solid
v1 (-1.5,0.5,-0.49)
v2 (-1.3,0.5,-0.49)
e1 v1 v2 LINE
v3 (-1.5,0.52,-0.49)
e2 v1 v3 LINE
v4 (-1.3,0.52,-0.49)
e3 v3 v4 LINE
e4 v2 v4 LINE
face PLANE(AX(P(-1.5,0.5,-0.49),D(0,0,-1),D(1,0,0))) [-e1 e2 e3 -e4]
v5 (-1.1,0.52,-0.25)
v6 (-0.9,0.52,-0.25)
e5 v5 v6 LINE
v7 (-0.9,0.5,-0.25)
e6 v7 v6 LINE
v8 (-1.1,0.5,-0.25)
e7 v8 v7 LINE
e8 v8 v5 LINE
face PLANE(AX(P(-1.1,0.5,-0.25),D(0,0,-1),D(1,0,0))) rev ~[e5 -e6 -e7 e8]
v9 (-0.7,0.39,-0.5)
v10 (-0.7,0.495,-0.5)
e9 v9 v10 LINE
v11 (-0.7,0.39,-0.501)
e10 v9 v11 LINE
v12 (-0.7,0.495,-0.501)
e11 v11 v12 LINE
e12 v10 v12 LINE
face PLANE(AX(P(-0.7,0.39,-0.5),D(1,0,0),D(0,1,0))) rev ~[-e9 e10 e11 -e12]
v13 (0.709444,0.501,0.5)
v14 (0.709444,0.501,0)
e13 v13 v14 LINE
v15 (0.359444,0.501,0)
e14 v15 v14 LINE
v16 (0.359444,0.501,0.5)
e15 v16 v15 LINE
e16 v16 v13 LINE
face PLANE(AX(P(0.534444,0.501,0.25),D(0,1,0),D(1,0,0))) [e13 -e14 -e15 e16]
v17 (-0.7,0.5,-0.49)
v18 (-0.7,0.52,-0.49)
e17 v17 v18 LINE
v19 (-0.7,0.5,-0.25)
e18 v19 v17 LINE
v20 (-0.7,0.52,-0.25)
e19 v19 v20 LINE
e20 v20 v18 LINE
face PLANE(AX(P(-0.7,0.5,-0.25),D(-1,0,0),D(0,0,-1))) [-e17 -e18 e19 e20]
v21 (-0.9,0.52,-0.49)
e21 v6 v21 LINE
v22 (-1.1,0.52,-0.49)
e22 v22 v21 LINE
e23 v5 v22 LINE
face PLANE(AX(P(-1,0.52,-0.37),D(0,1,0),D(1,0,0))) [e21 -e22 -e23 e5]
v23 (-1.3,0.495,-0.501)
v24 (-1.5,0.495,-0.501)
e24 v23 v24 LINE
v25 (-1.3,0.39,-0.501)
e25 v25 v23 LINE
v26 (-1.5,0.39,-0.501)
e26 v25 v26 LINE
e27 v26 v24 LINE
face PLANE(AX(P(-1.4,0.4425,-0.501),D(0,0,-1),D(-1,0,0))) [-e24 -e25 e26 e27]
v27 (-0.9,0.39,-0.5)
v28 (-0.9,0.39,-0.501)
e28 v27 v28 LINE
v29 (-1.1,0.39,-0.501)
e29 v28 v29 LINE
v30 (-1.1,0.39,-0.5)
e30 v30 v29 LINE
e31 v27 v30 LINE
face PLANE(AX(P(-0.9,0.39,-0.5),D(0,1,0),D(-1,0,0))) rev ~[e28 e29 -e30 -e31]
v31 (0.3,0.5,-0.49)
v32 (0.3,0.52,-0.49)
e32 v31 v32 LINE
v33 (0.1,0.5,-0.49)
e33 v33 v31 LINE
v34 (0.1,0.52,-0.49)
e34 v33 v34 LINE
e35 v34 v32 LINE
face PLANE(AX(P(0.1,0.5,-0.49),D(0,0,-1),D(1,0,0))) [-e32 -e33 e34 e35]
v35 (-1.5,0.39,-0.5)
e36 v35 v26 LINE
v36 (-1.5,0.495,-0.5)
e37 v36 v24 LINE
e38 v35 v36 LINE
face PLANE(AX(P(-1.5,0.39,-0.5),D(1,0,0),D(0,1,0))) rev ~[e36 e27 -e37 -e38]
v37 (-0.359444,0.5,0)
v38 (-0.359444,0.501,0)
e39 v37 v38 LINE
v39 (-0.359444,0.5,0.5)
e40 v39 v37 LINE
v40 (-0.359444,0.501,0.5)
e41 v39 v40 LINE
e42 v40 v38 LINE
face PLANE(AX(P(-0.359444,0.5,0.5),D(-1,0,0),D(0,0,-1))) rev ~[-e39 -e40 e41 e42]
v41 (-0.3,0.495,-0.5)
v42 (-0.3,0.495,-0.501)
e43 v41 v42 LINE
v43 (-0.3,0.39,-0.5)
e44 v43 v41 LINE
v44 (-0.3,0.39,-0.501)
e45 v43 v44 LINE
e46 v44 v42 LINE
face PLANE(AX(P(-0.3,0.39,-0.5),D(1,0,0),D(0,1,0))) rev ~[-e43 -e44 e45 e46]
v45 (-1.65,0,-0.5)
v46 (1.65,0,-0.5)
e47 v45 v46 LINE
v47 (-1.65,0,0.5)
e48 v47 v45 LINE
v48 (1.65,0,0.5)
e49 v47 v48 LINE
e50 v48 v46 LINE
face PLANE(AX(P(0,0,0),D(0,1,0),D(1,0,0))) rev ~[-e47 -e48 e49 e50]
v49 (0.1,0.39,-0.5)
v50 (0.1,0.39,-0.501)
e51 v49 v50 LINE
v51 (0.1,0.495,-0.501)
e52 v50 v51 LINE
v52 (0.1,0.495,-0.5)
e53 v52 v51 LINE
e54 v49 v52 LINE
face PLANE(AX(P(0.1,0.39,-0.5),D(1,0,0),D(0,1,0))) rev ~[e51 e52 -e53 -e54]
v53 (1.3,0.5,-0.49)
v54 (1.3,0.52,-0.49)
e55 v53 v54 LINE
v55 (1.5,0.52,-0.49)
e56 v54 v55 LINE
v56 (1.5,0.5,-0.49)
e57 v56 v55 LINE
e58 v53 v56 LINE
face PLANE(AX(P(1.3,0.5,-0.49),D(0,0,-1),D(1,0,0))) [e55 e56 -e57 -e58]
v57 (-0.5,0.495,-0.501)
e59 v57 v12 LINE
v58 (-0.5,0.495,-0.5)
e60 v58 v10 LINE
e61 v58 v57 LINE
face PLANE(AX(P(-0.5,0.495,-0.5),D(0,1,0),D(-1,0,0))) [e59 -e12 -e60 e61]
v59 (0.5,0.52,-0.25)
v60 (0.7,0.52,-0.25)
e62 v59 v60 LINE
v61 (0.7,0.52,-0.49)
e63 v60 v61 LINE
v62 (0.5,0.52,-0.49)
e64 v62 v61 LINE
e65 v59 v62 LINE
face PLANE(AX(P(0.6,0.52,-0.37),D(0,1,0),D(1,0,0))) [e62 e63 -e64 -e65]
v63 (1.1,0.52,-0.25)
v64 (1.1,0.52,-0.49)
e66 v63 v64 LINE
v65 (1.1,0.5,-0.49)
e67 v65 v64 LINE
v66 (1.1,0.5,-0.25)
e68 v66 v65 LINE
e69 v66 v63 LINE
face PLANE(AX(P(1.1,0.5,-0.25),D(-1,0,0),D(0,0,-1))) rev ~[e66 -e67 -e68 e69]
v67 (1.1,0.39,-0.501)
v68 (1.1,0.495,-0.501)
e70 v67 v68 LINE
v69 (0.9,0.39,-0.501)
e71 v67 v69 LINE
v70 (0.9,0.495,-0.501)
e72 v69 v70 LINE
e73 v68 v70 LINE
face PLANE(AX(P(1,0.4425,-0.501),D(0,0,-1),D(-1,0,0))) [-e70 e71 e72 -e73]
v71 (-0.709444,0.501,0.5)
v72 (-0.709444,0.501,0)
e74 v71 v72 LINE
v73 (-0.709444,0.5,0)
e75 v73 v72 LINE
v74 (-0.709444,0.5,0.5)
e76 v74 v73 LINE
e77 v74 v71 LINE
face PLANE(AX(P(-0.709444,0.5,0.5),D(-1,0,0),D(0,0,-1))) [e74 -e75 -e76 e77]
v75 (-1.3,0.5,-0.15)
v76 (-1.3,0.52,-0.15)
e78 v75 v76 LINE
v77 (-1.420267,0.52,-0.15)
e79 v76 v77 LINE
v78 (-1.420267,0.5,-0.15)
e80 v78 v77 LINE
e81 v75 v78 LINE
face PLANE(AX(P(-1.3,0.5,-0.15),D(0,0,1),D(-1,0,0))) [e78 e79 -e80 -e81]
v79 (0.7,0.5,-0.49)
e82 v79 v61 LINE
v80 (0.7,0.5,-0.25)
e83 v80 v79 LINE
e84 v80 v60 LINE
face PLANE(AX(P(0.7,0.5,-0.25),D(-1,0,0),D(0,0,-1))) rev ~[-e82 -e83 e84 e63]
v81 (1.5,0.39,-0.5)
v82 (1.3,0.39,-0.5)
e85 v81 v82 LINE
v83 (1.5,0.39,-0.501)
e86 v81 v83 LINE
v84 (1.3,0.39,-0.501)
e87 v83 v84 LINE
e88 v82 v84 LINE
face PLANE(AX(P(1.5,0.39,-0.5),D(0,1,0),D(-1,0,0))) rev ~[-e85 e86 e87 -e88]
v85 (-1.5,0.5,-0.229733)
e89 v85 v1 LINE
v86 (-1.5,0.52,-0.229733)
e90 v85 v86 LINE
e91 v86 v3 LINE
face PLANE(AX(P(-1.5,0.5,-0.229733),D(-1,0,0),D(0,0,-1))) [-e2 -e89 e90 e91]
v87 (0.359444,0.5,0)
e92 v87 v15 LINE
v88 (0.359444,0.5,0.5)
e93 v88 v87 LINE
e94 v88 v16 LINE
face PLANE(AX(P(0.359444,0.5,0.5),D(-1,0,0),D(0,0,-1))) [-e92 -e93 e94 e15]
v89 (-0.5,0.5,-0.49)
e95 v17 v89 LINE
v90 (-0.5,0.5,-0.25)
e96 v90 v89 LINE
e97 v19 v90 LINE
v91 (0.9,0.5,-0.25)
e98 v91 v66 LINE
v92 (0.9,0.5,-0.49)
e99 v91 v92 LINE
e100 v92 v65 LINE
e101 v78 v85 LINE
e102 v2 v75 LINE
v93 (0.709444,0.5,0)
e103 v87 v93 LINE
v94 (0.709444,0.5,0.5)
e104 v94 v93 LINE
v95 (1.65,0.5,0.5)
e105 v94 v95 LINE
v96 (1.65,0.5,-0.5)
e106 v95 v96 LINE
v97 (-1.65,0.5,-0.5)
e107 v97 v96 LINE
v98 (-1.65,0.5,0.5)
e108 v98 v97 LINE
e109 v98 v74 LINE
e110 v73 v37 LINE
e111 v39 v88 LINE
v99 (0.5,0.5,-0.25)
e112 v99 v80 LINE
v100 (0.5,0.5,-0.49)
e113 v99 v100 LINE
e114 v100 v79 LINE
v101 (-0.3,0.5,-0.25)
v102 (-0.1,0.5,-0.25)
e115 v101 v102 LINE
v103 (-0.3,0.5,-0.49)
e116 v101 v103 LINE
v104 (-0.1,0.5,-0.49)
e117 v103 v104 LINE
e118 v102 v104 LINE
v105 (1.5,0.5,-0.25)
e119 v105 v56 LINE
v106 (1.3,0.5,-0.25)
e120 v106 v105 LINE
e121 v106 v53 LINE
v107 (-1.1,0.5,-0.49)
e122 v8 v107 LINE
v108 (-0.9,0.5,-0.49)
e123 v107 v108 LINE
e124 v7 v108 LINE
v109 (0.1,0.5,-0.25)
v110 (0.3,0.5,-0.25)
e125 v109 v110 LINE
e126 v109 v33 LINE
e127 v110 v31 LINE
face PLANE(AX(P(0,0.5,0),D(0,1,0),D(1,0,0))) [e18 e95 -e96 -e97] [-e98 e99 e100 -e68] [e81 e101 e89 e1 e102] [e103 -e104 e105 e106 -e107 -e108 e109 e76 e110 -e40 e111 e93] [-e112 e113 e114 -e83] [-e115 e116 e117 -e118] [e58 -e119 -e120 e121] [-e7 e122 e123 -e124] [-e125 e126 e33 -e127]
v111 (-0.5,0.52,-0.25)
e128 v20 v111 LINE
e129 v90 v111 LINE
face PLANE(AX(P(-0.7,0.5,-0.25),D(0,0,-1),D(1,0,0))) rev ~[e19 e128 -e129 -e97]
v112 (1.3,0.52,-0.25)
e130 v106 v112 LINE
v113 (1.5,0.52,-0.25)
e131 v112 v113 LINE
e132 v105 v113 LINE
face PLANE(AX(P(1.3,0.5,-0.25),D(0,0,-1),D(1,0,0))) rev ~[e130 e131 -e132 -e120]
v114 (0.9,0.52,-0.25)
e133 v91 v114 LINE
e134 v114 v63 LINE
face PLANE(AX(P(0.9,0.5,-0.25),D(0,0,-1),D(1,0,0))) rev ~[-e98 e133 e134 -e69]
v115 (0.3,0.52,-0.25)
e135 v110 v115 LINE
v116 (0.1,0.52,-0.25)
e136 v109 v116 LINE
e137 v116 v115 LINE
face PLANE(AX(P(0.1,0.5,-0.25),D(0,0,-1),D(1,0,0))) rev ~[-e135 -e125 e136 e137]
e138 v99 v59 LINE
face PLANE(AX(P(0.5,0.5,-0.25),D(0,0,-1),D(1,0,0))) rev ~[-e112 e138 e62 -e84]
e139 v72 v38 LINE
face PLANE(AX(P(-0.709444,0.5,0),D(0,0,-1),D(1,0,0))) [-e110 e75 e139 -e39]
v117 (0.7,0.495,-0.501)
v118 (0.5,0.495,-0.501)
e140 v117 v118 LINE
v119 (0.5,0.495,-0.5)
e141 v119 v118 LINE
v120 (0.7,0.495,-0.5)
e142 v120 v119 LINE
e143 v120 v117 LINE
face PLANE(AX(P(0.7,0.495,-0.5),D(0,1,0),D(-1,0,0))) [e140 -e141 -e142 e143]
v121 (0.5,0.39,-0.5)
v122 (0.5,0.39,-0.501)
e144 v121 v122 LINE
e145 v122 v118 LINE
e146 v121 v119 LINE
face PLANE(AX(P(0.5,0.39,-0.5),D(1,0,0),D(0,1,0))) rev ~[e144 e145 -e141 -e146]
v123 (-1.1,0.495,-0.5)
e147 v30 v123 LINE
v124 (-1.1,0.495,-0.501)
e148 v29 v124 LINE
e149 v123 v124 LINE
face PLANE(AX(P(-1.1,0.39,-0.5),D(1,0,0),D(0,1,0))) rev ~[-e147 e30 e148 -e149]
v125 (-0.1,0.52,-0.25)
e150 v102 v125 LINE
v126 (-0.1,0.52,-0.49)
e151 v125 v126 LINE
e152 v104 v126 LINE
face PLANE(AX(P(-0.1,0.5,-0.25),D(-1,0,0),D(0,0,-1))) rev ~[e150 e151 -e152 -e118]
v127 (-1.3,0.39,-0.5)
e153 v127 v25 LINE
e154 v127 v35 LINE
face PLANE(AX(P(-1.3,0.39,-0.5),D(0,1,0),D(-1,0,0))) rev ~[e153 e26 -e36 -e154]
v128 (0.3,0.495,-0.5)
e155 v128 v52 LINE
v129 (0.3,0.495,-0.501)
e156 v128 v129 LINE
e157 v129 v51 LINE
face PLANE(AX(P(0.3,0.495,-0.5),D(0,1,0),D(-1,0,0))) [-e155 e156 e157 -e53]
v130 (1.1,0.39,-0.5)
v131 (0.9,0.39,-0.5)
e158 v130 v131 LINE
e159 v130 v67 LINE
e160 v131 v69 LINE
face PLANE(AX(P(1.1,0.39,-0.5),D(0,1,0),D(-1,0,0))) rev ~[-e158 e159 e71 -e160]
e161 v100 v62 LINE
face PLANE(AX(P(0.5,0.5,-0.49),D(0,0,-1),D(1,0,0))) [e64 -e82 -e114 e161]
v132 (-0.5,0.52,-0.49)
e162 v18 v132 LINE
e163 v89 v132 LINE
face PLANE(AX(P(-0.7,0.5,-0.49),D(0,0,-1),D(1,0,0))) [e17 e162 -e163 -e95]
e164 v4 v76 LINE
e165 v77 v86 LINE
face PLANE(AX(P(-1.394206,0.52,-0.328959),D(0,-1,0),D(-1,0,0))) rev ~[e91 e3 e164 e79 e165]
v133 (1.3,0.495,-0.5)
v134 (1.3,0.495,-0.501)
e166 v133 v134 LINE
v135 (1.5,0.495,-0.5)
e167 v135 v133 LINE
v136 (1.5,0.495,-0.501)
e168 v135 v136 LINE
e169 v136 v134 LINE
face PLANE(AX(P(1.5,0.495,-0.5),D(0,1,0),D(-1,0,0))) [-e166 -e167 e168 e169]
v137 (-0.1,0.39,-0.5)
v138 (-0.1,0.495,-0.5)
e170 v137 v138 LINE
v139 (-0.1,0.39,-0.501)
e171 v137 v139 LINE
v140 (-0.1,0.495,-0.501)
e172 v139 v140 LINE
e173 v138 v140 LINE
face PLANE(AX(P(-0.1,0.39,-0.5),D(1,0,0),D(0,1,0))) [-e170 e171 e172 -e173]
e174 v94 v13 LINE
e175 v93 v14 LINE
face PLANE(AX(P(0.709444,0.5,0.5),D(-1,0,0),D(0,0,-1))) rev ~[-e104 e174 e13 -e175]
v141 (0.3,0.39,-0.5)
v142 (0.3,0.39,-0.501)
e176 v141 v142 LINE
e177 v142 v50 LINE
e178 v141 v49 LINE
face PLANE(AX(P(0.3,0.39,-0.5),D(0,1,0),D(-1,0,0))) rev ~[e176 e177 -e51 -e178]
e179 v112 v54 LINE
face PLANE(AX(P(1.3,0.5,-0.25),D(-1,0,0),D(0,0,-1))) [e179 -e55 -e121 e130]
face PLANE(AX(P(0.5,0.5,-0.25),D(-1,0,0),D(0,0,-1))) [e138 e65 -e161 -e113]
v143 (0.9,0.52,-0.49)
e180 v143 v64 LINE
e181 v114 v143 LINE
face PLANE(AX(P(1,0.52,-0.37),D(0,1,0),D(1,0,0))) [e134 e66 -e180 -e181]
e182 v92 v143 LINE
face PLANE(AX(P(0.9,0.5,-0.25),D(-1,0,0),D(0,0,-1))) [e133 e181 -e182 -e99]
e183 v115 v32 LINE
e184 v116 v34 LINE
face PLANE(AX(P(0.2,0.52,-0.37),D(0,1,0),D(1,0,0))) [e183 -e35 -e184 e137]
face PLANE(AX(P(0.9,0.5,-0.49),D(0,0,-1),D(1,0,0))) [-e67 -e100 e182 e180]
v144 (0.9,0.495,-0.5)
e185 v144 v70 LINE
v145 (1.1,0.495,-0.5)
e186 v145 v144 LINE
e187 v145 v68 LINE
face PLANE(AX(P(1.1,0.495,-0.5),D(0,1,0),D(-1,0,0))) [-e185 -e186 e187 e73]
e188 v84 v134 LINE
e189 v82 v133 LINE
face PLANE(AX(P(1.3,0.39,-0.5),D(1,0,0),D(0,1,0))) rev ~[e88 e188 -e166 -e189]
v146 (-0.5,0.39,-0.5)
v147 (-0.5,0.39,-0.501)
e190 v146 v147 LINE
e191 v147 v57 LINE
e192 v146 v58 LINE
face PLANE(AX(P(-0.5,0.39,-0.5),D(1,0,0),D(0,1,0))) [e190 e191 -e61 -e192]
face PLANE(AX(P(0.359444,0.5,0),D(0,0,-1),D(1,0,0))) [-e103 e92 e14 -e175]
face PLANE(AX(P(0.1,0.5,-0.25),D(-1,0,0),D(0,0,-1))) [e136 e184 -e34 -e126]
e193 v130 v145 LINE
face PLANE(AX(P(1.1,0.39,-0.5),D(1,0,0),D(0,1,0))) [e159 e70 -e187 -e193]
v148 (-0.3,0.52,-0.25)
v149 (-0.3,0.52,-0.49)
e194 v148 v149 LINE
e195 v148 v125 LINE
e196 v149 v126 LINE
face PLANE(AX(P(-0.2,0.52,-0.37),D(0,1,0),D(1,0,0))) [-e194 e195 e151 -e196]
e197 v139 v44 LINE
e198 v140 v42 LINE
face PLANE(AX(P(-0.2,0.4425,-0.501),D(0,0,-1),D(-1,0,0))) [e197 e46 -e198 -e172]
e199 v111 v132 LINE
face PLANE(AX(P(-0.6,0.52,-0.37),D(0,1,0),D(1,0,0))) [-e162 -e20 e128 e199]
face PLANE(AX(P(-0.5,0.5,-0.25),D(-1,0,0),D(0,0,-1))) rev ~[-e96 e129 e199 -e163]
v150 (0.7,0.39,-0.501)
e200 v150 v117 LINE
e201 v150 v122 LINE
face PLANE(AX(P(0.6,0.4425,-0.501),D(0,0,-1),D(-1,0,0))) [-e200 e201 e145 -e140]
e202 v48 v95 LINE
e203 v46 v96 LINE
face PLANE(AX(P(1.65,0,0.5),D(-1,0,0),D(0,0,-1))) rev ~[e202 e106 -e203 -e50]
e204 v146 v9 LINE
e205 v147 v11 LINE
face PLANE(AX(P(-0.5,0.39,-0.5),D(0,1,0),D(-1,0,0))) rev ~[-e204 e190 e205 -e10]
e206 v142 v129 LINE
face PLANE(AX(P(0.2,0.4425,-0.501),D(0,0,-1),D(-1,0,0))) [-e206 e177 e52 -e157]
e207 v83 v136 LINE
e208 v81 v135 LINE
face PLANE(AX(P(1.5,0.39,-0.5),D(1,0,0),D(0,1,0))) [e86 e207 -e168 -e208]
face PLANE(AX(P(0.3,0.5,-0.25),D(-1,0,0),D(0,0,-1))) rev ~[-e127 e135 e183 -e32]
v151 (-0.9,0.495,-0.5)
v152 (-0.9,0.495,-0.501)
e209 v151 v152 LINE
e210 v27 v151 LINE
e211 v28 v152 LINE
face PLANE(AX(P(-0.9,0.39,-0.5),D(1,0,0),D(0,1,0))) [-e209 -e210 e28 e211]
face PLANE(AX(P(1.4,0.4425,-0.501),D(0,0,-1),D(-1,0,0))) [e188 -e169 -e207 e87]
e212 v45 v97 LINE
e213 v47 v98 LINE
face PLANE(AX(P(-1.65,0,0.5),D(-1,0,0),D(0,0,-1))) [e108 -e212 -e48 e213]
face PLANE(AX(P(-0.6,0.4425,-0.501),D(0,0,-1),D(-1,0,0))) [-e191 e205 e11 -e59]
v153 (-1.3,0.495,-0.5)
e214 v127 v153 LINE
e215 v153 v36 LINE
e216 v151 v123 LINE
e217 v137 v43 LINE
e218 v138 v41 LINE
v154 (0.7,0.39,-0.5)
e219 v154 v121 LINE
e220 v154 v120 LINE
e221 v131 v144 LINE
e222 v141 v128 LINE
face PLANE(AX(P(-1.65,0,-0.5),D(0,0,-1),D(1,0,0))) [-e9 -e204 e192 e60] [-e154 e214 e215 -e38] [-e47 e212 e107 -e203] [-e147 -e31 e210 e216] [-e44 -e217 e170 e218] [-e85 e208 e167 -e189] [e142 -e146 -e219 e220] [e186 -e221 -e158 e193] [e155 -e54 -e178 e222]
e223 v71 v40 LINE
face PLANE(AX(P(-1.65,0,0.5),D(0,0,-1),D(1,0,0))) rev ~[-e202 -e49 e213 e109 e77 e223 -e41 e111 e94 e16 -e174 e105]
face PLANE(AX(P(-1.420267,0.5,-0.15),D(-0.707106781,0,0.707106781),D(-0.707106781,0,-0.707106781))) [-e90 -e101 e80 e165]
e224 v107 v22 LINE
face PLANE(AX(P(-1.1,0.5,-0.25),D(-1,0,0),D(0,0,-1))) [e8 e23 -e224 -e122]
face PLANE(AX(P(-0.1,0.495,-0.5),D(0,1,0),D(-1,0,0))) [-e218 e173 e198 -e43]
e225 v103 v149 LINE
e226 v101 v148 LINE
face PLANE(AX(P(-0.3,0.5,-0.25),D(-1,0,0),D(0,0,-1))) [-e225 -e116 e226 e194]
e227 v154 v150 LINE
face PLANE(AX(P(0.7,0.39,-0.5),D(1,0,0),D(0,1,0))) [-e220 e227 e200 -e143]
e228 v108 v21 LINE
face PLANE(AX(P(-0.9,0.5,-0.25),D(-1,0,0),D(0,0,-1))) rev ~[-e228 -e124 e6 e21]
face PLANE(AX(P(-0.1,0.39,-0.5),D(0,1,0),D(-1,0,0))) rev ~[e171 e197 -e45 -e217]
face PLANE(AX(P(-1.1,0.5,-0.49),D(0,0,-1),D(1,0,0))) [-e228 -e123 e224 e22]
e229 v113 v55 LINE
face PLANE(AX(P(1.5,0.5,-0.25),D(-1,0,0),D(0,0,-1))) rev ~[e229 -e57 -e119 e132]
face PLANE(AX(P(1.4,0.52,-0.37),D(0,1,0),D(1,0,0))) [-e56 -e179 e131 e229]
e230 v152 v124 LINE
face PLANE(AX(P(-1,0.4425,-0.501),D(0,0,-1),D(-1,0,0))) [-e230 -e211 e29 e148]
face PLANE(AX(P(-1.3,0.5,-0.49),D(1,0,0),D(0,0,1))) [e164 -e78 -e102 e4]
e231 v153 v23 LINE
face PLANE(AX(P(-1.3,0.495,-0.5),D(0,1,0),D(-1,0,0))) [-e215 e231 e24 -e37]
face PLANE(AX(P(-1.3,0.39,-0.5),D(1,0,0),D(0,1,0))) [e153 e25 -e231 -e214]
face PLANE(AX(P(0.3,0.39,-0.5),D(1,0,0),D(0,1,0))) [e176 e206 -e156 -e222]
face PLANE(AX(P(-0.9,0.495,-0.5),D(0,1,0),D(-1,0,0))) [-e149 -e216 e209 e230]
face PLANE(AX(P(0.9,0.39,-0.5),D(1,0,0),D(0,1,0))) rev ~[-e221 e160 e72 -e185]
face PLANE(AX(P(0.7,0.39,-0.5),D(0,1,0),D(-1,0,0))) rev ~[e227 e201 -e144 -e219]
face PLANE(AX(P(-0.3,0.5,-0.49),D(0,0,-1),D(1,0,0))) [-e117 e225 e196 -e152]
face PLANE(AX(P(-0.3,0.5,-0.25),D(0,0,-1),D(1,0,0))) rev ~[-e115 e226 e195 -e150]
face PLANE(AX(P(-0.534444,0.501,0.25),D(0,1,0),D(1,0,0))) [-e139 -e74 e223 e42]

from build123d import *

# Parameters (mm, degrees)
SKETCH1_W           = 3.3
SKETCH1_H           = 1
BOSS_EXTRUDE1_DEPTH = 0.5
SKETCH2_W           = 0.35
SKETCH2_H           = 0.5
BOSS_EXTRUDE2_DEPTH = 0.001
SKETCH3_W           = 0.2
SKETCH3_H           = 0.24
BOSS_EXTRUDE3_DEPTH = 0.02
BOSS_EXTRUDE4_DEPTH = 0.02
SKETCH11_W          = 0.2
SKETCH11_H          = 0.105
BOSS_EXTRUDE5_DEPTH = 0.001


with BuildPart() as part:
    # Sketch1 → Boss-Extrude1 (new body)
    with BuildSketch(Plane(origin=(0, 0, 0), x_dir=(1, 0, 0), z_dir=(0, 1, 0))):
        Rectangle(SKETCH1_W, SKETCH1_H)
    extrude(amount=BOSS_EXTRUDE1_DEPTH)

    # Sketch2 → Boss-Extrude2 (add)
    with BuildSketch(Plane(origin=(0, 0.5, 0), x_dir=(1, 0, 0), z_dir=(0, 1, 0))):
        with Locations((0.534443551, -0.25)):
            Rectangle(SKETCH2_W, SKETCH2_H)
        with Locations((-0.534443551, -0.25)):
            Rectangle(SKETCH2_W, SKETCH2_H)
    extrude(amount=BOSS_EXTRUDE2_DEPTH)

    # Sketch3 → Boss-Extrude3 (add)
    with BuildSketch(Plane(origin=(0, 0.5, 0), x_dir=(1, 0, 0), z_dir=(0, 1, 0))):
        with Locations((0.6, 0.37)):
            Rectangle(SKETCH3_W, SKETCH3_H)
        with Locations((0.2, 0.37)):
            Rectangle(SKETCH3_W, SKETCH3_H)
        with Locations((1, 0.37)):
            Rectangle(SKETCH3_W, SKETCH3_H)
        with Locations((1.4, 0.37)):
            Rectangle(SKETCH3_W, SKETCH3_H)
        with Locations((-0.2, 0.37)):
            Rectangle(SKETCH3_W, SKETCH3_H)
        with Locations((-0.6, 0.37)):
            Rectangle(SKETCH3_W, SKETCH3_H)
        with Locations((-1, 0.37)):
            Rectangle(SKETCH3_W, SKETCH3_H)
    extrude(amount=BOSS_EXTRUDE3_DEPTH)

    # Sketch6 → Boss-Extrude4 (add)
    with BuildSketch(Plane(origin=(0, 0.5, 0), x_dir=(1, 0, 0), z_dir=(0, 1, 0))):
        Polygon((-1.5, 0.49), (-1.3, 0.49), (-1.3, 0.15), (-1.420266978, 0.15), (-1.5, 0.229733022), align=None)
    extrude(amount=BOSS_EXTRUDE4_DEPTH)

    # Sketch11 → Boss-Extrude5 (add)
    with BuildSketch(Plane(origin=(0, 0, -0.5), x_dir=(-1, 0, 0), z_dir=(0, 0, -1))):
        with Locations((0.2, 0.4425)):
            Rectangle(SKETCH11_W, SKETCH11_H)
        with Locations((-0.2, 0.4425)):
            Rectangle(SKETCH11_W, SKETCH11_H)
        with Locations((0.6, 0.4425)):
            Rectangle(SKETCH11_W, SKETCH11_H)
        with Locations((1, 0.4425)):
            Rectangle(SKETCH11_W, SKETCH11_H)
        with Locations((1.4, 0.4425)):
            Rectangle(SKETCH11_W, SKETCH11_H)
        with Locations((-0.6, 0.4425)):
            Rectangle(SKETCH11_W, SKETCH11_H)
        with Locations((-1, 0.4425)):
            Rectangle(SKETCH11_W, SKETCH11_H)
        with Locations((-1.4, 0.4425)):
            Rectangle(SKETCH11_W, SKETCH11_H)
    extrude(amount=BOSS_EXTRUDE5_DEPTH)


solid = part.part
